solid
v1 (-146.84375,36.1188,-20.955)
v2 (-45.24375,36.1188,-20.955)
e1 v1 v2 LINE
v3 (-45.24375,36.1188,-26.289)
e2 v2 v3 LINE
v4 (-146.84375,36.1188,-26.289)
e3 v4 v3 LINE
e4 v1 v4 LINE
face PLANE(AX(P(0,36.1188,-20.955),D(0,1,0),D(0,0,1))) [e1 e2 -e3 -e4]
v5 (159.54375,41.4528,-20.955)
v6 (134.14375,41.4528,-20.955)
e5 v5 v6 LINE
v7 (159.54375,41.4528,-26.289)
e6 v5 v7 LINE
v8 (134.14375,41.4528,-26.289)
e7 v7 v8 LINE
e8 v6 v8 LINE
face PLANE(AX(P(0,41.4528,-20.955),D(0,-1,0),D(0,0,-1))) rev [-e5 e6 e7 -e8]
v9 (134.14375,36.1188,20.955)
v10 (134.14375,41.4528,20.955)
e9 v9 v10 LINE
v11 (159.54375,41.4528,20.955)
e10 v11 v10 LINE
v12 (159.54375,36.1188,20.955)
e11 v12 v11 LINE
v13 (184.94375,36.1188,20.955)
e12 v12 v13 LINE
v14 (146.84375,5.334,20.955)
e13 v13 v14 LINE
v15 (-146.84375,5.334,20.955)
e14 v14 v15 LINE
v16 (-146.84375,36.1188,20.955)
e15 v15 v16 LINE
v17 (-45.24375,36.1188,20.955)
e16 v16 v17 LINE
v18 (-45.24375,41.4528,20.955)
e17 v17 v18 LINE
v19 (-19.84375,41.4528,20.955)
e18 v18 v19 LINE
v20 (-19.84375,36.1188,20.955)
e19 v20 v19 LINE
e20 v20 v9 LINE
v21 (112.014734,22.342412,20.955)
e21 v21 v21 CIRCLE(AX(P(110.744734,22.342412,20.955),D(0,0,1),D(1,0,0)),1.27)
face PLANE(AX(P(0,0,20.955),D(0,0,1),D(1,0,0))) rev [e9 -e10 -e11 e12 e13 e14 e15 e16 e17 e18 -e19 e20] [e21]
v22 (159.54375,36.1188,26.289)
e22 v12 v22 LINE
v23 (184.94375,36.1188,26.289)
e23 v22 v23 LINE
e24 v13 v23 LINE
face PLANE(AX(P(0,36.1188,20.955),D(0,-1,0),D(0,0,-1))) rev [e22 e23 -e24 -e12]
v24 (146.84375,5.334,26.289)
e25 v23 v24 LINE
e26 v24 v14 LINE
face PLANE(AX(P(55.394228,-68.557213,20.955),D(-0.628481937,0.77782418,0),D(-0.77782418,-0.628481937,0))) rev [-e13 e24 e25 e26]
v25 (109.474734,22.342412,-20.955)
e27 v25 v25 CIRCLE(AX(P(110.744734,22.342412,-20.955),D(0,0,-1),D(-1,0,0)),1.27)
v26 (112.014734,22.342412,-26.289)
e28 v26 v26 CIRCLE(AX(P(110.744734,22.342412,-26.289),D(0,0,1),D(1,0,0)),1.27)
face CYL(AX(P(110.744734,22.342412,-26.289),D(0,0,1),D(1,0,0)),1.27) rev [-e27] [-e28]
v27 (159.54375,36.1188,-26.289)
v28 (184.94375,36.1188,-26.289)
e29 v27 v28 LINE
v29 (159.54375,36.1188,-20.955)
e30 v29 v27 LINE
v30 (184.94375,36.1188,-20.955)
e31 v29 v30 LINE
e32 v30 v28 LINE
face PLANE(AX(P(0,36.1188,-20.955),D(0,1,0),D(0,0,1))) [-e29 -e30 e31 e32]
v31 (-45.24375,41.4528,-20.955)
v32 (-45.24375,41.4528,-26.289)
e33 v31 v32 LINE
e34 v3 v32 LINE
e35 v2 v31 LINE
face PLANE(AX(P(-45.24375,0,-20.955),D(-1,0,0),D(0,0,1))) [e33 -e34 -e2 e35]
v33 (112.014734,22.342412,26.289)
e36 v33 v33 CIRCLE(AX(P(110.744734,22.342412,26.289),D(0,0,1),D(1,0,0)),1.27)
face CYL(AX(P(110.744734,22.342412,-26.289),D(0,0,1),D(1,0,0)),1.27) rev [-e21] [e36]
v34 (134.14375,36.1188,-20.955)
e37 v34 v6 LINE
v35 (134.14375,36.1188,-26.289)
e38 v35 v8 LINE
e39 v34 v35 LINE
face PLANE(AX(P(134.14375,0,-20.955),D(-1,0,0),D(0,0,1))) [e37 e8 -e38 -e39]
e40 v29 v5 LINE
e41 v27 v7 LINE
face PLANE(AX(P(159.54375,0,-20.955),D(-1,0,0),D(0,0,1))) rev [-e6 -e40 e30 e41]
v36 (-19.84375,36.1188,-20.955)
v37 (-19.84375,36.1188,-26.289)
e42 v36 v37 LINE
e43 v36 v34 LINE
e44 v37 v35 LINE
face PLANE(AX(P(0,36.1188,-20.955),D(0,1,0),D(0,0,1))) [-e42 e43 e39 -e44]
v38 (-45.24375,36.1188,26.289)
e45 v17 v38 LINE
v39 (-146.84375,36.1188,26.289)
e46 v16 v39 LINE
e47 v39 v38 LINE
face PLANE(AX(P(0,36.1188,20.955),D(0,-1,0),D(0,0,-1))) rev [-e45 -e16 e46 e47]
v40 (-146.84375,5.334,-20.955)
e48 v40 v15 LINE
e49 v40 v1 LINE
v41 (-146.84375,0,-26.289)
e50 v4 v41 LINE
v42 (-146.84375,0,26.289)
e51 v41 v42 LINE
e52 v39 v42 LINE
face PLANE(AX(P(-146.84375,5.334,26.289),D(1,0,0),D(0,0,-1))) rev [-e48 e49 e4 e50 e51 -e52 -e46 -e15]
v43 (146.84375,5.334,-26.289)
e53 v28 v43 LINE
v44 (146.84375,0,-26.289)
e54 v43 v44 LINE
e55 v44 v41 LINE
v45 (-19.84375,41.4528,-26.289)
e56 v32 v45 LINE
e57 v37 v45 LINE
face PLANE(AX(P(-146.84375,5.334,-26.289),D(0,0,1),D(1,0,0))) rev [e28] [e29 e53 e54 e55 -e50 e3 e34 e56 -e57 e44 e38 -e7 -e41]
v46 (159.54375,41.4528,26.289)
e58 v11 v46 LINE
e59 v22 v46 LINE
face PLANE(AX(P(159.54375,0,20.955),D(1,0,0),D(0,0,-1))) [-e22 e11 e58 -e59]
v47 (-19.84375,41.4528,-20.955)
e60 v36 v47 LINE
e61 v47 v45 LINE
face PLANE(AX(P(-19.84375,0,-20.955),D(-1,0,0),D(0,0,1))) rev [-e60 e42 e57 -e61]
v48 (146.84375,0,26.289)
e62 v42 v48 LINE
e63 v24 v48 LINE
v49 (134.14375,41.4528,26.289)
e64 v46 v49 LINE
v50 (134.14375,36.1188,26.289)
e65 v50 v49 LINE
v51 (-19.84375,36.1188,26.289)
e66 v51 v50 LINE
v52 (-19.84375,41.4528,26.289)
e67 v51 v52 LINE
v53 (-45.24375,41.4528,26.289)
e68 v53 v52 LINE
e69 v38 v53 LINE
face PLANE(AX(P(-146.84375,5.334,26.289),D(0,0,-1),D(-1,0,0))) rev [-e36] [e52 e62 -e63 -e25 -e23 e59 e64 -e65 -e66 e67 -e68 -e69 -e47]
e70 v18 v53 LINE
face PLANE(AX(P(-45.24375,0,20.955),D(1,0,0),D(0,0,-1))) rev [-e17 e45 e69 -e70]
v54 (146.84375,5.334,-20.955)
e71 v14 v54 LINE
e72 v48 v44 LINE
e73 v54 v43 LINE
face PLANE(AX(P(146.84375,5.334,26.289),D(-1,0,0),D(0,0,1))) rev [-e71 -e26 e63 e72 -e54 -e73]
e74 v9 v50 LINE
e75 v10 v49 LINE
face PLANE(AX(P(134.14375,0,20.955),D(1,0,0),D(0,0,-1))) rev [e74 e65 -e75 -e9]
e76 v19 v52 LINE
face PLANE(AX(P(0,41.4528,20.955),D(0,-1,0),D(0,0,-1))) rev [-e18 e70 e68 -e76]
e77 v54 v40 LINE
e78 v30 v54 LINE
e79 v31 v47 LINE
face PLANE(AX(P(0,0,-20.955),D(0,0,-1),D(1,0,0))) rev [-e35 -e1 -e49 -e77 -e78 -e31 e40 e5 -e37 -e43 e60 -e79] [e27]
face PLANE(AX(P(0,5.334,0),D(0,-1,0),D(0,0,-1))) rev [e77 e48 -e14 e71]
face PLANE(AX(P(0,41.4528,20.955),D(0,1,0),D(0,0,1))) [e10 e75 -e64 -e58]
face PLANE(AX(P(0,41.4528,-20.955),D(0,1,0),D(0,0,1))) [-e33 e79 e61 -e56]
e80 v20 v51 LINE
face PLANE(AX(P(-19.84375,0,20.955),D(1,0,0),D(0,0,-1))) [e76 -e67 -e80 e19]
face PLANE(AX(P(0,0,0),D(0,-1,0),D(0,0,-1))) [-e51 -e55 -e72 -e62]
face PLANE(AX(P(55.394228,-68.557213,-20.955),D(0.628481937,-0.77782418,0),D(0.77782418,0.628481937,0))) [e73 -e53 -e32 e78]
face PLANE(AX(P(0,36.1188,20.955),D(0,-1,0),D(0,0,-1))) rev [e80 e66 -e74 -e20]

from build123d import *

# Parameters (mm, degrees)
SKETCH2_W              = 293.6875
SKETCH2_H              = 52.578
BOSS_EXTRUDE1_DEPTH    = 5.334
SKETCH3_W              = 25.4
SKETCH3_H              = 5.334
BOSS_EXTRUDE2_DEPTH    = 5.334
SKETCH4_R              = 1.27
BBQ_SKEWER_HOLES_DEPTH = 53.578


with BuildPart() as part:
    # Sketch2 → Boss-Extrude1 (new body)
    with BuildSketch(Plane(origin=(0, 0, 0), x_dir=(1, 0, 0), z_dir=(0, 1, 0))):
        Rectangle(SKETCH2_W, SKETCH2_H)
    extrude(amount=BOSS_EXTRUDE1_DEPTH)

    # Sketch3 → Boss-Extrude2 (add)
    with BuildSketch(Plane.XY.offset(26.289)):
        Polygon((184.94375, 36.1188), (146.84375, 5.334), (-146.84375, 5.334), (-146.84375, 36.1188), (146.84375, 36.1188), align=None)
        with Locations((-32.54375, 38.7858)):
            Rectangle(SKETCH3_W, SKETCH3_H)
        Polygon((146.84375, 36.1188), (159.54375, 36.1188), (159.54375, 41.4528), (134.14375, 41.4528), (134.14375, 36.1188), align=None)
    boss_extrude2 = extrude(amount=-BOSS_EXTRUDE2_DEPTH)

    # Mirror1: Boss-Extrude2 across plane
    add(boss_extrude2.mirror(Plane.XY))

    # Sketch4 → BBQ Skewer Holes (cut, through all)
    with BuildSketch(Plane.XY.offset(26.289)):
        with Locations((110.744734301, 22.342412484)):
            Circle(SKETCH4_R)
    extrude(amount=-BBQ_SKEWER_HOLES_DEPTH, mode=Mode.SUBTRACT)


solid = part.part
